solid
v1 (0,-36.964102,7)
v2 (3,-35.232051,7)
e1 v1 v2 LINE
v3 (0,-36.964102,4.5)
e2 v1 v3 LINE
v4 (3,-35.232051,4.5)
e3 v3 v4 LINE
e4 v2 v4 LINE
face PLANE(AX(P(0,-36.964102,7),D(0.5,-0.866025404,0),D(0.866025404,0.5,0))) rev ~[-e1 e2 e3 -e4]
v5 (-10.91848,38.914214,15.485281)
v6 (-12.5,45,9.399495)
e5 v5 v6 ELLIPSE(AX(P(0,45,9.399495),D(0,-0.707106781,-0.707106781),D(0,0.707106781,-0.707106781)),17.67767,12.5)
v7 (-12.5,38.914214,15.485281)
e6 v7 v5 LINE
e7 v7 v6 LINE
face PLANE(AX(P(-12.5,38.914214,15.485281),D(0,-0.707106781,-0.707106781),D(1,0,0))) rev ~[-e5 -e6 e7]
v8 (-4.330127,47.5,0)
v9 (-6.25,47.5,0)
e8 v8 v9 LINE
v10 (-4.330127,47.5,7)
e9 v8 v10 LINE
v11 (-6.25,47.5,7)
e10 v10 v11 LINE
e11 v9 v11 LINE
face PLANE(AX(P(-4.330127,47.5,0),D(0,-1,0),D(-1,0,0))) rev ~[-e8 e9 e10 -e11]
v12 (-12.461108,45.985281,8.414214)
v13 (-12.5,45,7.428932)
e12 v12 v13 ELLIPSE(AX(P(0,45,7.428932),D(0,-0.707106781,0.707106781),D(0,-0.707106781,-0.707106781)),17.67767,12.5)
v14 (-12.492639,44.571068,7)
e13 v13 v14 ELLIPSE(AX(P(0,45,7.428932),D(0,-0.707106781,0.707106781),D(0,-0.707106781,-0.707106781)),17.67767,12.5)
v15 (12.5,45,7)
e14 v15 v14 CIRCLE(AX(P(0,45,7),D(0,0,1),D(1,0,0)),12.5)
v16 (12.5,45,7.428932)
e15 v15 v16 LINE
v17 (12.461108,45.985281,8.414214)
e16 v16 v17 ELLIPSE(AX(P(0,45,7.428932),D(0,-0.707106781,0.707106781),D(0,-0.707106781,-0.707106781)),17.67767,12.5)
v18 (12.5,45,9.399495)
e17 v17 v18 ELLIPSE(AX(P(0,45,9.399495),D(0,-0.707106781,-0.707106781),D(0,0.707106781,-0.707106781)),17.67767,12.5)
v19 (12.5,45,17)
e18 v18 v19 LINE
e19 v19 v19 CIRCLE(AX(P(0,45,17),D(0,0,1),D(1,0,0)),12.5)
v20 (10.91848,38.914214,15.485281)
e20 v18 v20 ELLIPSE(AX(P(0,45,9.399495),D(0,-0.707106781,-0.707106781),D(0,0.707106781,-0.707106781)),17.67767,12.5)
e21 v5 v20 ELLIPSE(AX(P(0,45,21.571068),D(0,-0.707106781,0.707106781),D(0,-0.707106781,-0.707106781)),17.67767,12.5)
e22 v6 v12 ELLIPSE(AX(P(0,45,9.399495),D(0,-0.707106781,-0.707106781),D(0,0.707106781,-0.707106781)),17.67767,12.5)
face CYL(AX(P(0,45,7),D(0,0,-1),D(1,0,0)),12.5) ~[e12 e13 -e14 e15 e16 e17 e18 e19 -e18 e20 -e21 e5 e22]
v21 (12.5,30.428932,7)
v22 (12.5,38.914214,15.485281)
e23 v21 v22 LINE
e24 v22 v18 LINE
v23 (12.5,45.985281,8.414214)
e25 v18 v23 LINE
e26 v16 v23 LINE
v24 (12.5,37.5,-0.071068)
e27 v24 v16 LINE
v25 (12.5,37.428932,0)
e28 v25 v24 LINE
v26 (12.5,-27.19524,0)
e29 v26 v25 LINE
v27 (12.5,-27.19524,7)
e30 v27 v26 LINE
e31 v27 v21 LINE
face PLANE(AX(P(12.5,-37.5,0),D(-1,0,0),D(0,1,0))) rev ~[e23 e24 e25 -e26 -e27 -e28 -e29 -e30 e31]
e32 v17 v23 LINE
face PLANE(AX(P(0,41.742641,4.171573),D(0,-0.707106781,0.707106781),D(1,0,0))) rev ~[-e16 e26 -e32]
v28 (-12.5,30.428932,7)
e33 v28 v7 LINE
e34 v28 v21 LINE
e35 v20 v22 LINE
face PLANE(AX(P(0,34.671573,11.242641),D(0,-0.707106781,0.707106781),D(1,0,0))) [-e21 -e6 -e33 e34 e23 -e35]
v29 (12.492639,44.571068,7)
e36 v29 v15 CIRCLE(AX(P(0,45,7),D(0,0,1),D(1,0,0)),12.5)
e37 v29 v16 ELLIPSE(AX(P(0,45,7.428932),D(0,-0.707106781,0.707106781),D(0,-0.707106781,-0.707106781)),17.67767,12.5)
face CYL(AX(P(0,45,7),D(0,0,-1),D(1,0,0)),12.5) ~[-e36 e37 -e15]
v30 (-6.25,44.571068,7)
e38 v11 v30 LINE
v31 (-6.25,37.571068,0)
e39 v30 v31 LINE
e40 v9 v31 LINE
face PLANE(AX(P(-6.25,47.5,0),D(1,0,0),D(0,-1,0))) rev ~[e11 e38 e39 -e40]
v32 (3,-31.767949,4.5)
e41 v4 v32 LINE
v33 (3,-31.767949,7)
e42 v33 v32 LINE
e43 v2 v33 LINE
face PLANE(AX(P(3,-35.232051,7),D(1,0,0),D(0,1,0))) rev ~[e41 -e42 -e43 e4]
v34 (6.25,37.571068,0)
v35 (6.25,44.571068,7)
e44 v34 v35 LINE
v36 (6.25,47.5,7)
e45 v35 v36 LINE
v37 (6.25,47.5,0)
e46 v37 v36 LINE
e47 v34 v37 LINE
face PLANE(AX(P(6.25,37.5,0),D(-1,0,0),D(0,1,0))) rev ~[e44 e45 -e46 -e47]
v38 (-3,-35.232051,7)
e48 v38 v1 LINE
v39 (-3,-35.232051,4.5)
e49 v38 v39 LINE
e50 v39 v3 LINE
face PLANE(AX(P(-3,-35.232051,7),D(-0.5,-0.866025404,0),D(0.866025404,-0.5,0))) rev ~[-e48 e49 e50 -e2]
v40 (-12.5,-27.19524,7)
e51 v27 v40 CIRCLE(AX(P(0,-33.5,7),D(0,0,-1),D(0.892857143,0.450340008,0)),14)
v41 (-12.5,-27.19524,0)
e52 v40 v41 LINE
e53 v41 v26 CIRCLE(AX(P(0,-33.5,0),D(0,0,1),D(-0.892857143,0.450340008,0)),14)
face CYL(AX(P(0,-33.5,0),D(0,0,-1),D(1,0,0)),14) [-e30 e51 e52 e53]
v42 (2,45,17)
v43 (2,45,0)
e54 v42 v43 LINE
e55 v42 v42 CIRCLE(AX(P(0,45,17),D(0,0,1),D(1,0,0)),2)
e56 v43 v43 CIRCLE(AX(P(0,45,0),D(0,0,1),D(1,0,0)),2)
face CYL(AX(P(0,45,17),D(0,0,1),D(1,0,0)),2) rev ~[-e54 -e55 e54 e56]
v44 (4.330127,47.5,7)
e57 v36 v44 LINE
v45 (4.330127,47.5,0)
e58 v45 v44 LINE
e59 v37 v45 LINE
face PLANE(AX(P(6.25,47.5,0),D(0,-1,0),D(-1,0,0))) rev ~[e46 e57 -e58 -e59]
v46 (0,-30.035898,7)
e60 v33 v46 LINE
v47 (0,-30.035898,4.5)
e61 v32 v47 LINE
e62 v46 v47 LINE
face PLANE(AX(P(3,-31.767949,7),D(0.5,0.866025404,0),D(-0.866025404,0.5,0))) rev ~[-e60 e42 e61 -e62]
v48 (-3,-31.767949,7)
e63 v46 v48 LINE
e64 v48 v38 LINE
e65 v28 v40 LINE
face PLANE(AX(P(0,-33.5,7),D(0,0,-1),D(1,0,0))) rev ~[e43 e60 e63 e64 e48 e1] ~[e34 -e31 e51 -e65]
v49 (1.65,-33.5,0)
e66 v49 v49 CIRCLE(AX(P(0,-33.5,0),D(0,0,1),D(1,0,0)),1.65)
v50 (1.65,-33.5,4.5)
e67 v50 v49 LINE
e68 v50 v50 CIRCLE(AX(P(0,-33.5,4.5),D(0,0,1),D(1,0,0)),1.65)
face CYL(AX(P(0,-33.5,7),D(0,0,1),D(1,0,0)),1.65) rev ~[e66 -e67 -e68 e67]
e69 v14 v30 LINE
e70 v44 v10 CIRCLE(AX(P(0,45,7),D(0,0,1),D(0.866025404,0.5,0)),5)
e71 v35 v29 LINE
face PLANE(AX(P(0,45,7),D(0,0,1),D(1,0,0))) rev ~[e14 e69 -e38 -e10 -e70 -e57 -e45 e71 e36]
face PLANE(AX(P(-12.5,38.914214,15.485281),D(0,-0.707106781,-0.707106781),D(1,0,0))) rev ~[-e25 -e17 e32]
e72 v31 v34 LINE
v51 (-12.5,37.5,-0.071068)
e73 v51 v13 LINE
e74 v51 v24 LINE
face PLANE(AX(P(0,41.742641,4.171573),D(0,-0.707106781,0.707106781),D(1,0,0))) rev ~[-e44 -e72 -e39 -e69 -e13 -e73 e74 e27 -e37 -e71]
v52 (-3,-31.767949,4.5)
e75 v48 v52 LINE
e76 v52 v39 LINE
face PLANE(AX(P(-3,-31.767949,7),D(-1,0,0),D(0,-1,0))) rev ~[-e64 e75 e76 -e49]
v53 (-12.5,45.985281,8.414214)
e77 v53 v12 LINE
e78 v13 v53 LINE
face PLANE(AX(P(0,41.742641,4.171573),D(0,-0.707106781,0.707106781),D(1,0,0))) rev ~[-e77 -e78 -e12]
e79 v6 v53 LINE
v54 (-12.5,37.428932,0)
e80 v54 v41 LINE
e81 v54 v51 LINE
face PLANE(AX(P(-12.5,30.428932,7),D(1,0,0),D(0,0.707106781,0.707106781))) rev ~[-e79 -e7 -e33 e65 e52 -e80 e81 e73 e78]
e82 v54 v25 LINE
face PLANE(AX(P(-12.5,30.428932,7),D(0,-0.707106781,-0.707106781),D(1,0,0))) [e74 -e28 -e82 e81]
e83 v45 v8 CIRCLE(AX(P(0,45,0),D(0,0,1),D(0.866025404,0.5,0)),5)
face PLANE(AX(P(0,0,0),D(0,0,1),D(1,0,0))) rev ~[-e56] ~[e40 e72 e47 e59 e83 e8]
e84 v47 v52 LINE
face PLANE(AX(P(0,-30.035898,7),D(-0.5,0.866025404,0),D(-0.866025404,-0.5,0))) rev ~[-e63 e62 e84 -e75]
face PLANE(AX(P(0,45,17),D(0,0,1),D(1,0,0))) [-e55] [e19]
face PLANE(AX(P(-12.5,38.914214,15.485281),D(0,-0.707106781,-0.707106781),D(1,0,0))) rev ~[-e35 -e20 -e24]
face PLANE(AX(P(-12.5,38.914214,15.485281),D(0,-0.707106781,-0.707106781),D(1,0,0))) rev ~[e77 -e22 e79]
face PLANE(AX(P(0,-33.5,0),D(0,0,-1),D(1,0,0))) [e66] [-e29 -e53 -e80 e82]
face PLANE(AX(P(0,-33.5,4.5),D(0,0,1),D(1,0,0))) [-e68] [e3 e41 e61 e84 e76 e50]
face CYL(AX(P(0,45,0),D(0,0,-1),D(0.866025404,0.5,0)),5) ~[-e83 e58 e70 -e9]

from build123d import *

# Parameters (mm, degrees)
F1_DEPTH  = 7
F2_R      = 12.5
F3_DEPTH  = 10
F4_R      = 2
F5_DEPTH  = 7
F9_W      = 25
F9_H      = 12
F10_DEPTH = 10
F11_R     = 2
F12_DEPTH = 17
F13_R     = 14
F14_DEPTH = 7
F15_R     = 1.65
F16_DEPTH = 7
F18_DEPTH = 2.5


with BuildPart() as f1:
    # F0 (on Top) → F1 (new body)
    with BuildSketch(Plane.XY):
        Polygon((-12.5, -37.5), (12.5, -37.5), (12.5, 37.5), (6.25, 37.5), (-6.25, 37.5), (-12.5, 37.5), align=None)
        with BuildLine():
            Line((-6.25, 37.5), (6.25, 37.5))
            Line((6.25, 37.5), (6.25, 47.5))
            Line((6.25, 47.5), (4.3301270189, 47.5))
            ThreePointArc((4.3301270189, 47.5), (4.8296291314, 46.2940952255), (5, 45))
            ThreePointArc((5, 45), (-1.2940952255, 40.1703708686), (-4.3301270189, 47.5))
            Line((-4.3301270189, 47.5), (-6.25, 47.5))
            Line((-6.25, 47.5), (-6.25, 37.5))
        make_face()
        with BuildLine():
            ThreePointArc((5, 45), (4.8296291314, 46.2940952255), (4.3301270189, 47.5))
            Line((4.3301270189, 47.5), (-4.3301270189, 47.5))
            ThreePointArc((-4.3301270189, 47.5), (-1.2940952255, 40.1703708686), (5, 45))
        make_face()
        with BuildLine():
            Line((-4.3301270189, 47.5), (4.3301270189, 47.5))
            ThreePointArc((4.3301270189, 47.5), (0, 50), (-4.3301270189, 47.5))
        make_face()
    extrude(amount=F1_DEPTH)

    # F2 (on face) → F3 (join)
    with BuildSketch(Plane.XY.offset(7)):
        with Locations((0, 45)):
            Circle(F2_R)
    extrude(amount=F3_DEPTH)

    # F4 (on face) → F5 (cut, through all)
    with BuildSketch(Plane.XY.offset(7)):
        with Locations((0, -33.5)):
            Circle(F4_R)
    extrude(amount=-F5_DEPTH, mode=Mode.SUBTRACT)

    # F9 (on offset) → F10 (join)
    with BuildSketch(Plane(origin=(0, 11.7144660941, -11.7144660941), x_dir=(1, 0, 0), z_dir=(0, -0.7071067812, 0.7071067812))):
        with Locations((0, 32.4662517628)):
            Rectangle(F9_W, F9_H)
    extrude(amount=-F10_DEPTH)

    # F11 (on face) → F12 (cut, through all)
    with BuildSketch(Plane.XY.offset(17)):
        with Locations((0, 45)):
            Circle(F11_R)
    extrude(amount=-F12_DEPTH, mode=Mode.SUBTRACT)

    # F13 (on face) → F14 (join, through all)
    with BuildSketch(Plane(origin=(0, 0, 0), x_dir=(1, 0, 0), z_dir=(0, 0, -1))):
        with Locations((0, 33.5)):
            Circle(F13_R)
    extrude(amount=-F14_DEPTH)

    # F15 (on face) → F16 (cut, through all)
    with BuildSketch(Plane.XY.offset(7)):
        with Locations((0, -33.5)):
            Circle(F15_R)
    extrude(amount=-F16_DEPTH, mode=Mode.SUBTRACT)

    # F17 (on face) → F18 (cut)
    with BuildSketch(Plane.XY.offset(7)):
        Polygon((0, -36.9641016151), (3, -35.2320508076), (3, -31.7679491924), (0, -30.0358983849), (-3, -31.7679491924), (-3, -35.2320508076), align=None)
    extrude(amount=-F18_DEPTH, mode=Mode.SUBTRACT)


solid = f1.part
